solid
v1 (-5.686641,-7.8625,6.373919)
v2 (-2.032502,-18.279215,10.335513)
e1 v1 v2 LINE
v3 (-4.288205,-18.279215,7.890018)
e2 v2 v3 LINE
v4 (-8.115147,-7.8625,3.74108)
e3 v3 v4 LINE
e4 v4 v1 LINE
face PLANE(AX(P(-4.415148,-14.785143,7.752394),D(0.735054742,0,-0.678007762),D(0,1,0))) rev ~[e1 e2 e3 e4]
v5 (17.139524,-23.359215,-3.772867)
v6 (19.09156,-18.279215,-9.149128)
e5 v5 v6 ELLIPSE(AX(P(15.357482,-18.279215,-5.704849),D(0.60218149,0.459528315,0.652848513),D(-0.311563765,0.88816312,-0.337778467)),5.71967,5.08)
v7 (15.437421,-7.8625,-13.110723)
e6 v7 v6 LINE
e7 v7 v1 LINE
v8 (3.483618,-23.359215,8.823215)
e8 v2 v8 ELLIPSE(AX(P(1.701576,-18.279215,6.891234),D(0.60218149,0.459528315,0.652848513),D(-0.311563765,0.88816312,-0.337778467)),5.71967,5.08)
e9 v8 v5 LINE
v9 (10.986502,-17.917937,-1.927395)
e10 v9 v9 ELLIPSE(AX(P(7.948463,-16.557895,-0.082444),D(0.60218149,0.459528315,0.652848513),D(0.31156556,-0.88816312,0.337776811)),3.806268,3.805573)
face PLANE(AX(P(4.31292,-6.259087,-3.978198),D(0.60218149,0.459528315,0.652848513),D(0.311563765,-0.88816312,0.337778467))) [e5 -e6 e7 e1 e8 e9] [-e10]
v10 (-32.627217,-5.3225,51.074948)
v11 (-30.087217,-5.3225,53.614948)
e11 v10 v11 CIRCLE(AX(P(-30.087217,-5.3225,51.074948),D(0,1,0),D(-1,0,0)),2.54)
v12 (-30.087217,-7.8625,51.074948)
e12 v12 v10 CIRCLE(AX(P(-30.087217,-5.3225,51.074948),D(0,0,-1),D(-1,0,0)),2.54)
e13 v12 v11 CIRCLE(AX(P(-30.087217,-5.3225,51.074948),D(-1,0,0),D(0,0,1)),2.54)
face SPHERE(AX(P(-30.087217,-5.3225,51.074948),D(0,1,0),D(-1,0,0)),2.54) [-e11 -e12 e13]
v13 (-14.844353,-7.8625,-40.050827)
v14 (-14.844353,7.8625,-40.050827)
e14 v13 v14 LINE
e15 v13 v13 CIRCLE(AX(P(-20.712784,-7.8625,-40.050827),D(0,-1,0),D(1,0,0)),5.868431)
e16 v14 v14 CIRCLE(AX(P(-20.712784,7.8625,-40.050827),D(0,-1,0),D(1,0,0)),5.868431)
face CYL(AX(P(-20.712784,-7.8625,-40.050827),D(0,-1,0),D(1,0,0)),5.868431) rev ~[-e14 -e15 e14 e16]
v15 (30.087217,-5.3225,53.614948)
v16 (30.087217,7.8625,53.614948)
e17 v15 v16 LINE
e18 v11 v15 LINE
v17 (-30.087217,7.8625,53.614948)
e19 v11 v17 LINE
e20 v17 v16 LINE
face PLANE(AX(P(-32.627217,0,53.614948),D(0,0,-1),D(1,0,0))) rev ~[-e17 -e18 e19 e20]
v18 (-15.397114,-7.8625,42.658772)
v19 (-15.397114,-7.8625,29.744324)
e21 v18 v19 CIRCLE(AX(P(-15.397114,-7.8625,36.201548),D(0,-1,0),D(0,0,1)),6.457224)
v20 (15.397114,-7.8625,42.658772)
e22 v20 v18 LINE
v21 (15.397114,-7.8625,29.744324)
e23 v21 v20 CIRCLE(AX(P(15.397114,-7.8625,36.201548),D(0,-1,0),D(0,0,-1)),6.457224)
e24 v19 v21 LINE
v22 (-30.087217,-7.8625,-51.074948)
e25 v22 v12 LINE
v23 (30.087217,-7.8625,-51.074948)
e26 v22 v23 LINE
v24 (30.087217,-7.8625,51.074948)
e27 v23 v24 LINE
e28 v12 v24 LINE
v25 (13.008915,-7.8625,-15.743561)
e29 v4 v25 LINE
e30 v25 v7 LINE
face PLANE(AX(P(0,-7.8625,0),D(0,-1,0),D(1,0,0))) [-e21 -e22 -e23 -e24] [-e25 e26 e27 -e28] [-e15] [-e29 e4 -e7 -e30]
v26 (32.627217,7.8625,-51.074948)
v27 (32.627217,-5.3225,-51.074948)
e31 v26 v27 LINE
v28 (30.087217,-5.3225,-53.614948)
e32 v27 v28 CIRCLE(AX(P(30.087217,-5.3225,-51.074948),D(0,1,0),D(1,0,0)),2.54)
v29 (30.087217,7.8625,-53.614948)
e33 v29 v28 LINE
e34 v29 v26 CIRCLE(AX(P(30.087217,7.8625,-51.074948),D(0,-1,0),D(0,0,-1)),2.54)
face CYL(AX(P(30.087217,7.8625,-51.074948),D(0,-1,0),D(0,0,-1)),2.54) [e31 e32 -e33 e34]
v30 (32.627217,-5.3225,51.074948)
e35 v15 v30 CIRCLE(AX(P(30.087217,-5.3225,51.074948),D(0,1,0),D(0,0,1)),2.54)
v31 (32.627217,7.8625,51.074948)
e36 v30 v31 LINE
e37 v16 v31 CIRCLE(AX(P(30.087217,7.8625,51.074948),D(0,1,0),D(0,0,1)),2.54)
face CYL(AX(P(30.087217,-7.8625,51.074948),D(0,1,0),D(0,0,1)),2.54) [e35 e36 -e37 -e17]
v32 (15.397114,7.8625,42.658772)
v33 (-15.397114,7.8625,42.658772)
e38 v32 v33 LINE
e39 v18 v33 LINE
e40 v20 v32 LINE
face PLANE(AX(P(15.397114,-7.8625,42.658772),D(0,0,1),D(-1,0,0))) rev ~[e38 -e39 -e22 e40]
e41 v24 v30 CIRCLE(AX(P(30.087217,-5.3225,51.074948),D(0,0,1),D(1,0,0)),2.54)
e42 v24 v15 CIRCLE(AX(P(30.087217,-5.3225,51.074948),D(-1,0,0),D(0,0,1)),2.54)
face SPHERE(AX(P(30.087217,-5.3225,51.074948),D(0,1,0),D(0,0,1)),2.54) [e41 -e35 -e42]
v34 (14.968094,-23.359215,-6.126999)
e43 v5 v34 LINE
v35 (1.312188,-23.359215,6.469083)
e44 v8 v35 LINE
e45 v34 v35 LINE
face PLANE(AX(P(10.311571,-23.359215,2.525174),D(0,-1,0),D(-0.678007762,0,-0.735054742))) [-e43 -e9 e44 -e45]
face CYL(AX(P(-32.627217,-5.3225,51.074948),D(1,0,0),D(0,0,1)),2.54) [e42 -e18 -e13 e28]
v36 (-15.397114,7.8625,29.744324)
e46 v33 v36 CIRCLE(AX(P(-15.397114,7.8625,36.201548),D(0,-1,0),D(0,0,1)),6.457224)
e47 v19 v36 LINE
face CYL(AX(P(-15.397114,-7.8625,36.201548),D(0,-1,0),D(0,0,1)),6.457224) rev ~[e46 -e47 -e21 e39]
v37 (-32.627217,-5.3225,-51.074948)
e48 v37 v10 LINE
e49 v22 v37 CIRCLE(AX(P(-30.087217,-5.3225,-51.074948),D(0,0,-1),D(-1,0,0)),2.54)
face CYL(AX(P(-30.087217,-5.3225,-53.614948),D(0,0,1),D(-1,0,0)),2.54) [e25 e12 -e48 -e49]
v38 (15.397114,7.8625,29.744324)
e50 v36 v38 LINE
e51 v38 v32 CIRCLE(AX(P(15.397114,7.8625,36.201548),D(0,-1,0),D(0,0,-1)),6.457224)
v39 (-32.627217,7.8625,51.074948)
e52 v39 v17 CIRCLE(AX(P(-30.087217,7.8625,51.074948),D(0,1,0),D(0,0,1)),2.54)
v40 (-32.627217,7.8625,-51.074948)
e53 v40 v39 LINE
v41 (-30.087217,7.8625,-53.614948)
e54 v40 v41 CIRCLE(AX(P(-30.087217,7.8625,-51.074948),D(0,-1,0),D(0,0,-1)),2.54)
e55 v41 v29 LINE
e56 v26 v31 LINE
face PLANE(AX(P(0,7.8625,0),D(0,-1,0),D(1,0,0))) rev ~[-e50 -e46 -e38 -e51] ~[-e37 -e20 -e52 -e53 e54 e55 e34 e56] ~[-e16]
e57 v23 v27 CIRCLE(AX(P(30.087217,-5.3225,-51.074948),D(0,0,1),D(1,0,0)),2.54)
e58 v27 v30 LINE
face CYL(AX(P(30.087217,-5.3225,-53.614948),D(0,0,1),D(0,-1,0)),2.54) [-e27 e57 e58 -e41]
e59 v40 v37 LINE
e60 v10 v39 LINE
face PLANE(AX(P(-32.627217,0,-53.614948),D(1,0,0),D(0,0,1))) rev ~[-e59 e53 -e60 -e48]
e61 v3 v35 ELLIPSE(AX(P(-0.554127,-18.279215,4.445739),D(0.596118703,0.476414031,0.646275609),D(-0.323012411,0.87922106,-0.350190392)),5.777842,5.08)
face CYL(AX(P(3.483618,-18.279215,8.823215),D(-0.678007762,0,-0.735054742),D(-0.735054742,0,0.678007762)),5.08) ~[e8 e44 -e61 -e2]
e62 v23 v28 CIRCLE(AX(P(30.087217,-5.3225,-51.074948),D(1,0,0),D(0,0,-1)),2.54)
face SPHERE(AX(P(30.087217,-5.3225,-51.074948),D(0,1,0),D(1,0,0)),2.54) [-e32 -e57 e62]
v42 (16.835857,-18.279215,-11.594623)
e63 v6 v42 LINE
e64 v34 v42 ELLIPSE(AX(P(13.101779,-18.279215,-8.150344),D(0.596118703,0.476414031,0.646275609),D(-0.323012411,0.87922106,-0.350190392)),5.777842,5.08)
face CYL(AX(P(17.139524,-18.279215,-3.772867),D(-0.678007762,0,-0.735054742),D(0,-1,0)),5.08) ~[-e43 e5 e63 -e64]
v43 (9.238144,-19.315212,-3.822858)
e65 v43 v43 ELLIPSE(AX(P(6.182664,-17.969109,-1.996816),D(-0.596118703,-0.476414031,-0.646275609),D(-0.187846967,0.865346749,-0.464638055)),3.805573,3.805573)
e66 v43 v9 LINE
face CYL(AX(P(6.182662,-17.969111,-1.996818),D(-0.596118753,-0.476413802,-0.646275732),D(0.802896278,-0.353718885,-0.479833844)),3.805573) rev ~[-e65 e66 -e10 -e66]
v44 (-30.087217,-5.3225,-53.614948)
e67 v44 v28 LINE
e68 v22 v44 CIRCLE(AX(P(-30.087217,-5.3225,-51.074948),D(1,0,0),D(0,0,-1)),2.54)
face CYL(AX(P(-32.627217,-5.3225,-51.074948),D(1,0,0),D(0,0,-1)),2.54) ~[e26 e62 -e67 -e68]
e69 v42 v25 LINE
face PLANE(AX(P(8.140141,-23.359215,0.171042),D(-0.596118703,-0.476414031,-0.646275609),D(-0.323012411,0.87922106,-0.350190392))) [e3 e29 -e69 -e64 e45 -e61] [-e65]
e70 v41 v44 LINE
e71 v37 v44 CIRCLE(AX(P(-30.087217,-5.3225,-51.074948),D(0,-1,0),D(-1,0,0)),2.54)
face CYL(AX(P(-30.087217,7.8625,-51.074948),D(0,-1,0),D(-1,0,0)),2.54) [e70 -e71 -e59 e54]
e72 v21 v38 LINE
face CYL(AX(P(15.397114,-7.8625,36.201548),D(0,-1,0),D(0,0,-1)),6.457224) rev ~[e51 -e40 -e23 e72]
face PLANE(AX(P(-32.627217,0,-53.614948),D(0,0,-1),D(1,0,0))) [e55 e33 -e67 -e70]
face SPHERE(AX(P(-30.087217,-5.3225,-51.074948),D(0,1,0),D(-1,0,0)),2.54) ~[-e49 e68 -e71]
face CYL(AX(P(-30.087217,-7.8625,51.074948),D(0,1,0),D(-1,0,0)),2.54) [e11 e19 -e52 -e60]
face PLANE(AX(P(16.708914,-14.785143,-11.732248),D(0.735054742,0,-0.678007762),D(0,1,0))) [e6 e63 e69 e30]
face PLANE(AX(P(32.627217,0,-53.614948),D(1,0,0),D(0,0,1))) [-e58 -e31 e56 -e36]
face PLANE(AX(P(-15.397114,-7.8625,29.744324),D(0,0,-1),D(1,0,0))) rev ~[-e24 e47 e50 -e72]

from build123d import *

# Parameters (mm, degrees)
F0_W      = 65.254434
F0_H      = 107.229896
F1_DEPTH  = 7.8625
F2_R      = 5.868431
F3_DEPTH  = 60.29137
F4_DEPTH  = 65.80453
F5_R      = 2.54
F9_DEPTH  = 14.36904
F10_R     = 5.08
F11_R     = 3.805573
F12_DEPTH = 5.85052


with BuildPart() as f1:
    # F0 (on Front) → F1 (new body, symmetric)
    with BuildSketch(Plane.XZ):
        Rectangle(F0_W, F0_H)
    extrude(amount=F1_DEPTH, both=True)

    # F2 (on face) → F3 (cut)
    with BuildSketch(Plane.XZ.offset(7.8625)):
        with BuildLine():
            Line((15.397114, 42.658772), (-15.397114, 42.658772))
            ThreePointArc((-15.397114, 42.658772), (-21.854338, 36.201548), (-15.397114, 29.744324))
            Line((-15.397114, 29.744324), (15.397114, 29.744324))
            ThreePointArc((15.397114, 29.744324), (21.854338, 36.201548), (15.397114, 42.658772))
        make_face()
        with Locations((-20.712784, -40.050827)):
            Circle(F2_R)
    extrude(amount=-F3_DEPTH, mode=Mode.SUBTRACT)

    # F2 (on face) → F4 (cut)
    with BuildSketch(Plane.XZ.offset(7.8625)):
        with BuildLine():
            Line((15.397114, 42.658772), (-15.397114, 42.658772))
            ThreePointArc((-15.397114, 42.658772), (-21.854338, 36.201548), (-15.397114, 29.744324))
            Line((-15.397114, 29.744324), (15.397114, 29.744324))
            ThreePointArc((15.397114, 29.744324), (21.854338, 36.201548), (15.397114, 42.658772))
        make_face()
        with Locations((-20.712784, -40.050827)):
            Circle(F2_R)
    extrude(amount=-F4_DEPTH, mode=Mode.SUBTRACT)

    # F5
    f5_edges = [f1.edges().sort_by_distance(p)[0] for p in [
        (-32.627217, 0, 53.614948),
        (32.627217, 0, 53.614948),
        (32.627217, 0, -53.614948),
        (-32.627217, 0, -53.614948),
        (-32.627217, -7.8625, 0),
        (0, -7.8625, 53.614948),
        (32.627217, -7.8625, 0),
        (0, -7.8625, -53.614948),
    ]]
    fillet(f5_edges, radius=F5_R)

    # F8 (on face) → F9 (join, symmetric)
    with BuildSketch(Plane(origin=(4.31292, 0, -3.978198), x_dir=(0, 1, 0), z_dir=(0.735055, 0, -0.678008))):
        Polygon((-6.416242, -3.535902), (-6.259087, 0), (-23.359215, 8.847466), (-23.359215, 5.644804), align=None)
    extrude(amount=F9_DEPTH, both=True)

    # F10
    f10_edges = [f1.edges().sort_by_distance(p)[0] for p in [
        (-1.336175, -23.359215, 11.090429),
        (19.787886, -23.359215, -8.394213),
    ]]
    fillet(f10_edges, radius=F10_R)

    # F11 (on face) → F12 (cut)
    with BuildSketch(Plane(origin=(-3.675446, -2.937391, -3.984694), x_dir=(0.802896, -0.353719, -0.479834), z_dir=(-0.596119, -0.476414, -0.646276))):
        with Locations((12.278191, 13.279027)):
            Circle(F11_R)
    extrude(amount=-F12_DEPTH, mode=Mode.SUBTRACT)


solid = f1.part
